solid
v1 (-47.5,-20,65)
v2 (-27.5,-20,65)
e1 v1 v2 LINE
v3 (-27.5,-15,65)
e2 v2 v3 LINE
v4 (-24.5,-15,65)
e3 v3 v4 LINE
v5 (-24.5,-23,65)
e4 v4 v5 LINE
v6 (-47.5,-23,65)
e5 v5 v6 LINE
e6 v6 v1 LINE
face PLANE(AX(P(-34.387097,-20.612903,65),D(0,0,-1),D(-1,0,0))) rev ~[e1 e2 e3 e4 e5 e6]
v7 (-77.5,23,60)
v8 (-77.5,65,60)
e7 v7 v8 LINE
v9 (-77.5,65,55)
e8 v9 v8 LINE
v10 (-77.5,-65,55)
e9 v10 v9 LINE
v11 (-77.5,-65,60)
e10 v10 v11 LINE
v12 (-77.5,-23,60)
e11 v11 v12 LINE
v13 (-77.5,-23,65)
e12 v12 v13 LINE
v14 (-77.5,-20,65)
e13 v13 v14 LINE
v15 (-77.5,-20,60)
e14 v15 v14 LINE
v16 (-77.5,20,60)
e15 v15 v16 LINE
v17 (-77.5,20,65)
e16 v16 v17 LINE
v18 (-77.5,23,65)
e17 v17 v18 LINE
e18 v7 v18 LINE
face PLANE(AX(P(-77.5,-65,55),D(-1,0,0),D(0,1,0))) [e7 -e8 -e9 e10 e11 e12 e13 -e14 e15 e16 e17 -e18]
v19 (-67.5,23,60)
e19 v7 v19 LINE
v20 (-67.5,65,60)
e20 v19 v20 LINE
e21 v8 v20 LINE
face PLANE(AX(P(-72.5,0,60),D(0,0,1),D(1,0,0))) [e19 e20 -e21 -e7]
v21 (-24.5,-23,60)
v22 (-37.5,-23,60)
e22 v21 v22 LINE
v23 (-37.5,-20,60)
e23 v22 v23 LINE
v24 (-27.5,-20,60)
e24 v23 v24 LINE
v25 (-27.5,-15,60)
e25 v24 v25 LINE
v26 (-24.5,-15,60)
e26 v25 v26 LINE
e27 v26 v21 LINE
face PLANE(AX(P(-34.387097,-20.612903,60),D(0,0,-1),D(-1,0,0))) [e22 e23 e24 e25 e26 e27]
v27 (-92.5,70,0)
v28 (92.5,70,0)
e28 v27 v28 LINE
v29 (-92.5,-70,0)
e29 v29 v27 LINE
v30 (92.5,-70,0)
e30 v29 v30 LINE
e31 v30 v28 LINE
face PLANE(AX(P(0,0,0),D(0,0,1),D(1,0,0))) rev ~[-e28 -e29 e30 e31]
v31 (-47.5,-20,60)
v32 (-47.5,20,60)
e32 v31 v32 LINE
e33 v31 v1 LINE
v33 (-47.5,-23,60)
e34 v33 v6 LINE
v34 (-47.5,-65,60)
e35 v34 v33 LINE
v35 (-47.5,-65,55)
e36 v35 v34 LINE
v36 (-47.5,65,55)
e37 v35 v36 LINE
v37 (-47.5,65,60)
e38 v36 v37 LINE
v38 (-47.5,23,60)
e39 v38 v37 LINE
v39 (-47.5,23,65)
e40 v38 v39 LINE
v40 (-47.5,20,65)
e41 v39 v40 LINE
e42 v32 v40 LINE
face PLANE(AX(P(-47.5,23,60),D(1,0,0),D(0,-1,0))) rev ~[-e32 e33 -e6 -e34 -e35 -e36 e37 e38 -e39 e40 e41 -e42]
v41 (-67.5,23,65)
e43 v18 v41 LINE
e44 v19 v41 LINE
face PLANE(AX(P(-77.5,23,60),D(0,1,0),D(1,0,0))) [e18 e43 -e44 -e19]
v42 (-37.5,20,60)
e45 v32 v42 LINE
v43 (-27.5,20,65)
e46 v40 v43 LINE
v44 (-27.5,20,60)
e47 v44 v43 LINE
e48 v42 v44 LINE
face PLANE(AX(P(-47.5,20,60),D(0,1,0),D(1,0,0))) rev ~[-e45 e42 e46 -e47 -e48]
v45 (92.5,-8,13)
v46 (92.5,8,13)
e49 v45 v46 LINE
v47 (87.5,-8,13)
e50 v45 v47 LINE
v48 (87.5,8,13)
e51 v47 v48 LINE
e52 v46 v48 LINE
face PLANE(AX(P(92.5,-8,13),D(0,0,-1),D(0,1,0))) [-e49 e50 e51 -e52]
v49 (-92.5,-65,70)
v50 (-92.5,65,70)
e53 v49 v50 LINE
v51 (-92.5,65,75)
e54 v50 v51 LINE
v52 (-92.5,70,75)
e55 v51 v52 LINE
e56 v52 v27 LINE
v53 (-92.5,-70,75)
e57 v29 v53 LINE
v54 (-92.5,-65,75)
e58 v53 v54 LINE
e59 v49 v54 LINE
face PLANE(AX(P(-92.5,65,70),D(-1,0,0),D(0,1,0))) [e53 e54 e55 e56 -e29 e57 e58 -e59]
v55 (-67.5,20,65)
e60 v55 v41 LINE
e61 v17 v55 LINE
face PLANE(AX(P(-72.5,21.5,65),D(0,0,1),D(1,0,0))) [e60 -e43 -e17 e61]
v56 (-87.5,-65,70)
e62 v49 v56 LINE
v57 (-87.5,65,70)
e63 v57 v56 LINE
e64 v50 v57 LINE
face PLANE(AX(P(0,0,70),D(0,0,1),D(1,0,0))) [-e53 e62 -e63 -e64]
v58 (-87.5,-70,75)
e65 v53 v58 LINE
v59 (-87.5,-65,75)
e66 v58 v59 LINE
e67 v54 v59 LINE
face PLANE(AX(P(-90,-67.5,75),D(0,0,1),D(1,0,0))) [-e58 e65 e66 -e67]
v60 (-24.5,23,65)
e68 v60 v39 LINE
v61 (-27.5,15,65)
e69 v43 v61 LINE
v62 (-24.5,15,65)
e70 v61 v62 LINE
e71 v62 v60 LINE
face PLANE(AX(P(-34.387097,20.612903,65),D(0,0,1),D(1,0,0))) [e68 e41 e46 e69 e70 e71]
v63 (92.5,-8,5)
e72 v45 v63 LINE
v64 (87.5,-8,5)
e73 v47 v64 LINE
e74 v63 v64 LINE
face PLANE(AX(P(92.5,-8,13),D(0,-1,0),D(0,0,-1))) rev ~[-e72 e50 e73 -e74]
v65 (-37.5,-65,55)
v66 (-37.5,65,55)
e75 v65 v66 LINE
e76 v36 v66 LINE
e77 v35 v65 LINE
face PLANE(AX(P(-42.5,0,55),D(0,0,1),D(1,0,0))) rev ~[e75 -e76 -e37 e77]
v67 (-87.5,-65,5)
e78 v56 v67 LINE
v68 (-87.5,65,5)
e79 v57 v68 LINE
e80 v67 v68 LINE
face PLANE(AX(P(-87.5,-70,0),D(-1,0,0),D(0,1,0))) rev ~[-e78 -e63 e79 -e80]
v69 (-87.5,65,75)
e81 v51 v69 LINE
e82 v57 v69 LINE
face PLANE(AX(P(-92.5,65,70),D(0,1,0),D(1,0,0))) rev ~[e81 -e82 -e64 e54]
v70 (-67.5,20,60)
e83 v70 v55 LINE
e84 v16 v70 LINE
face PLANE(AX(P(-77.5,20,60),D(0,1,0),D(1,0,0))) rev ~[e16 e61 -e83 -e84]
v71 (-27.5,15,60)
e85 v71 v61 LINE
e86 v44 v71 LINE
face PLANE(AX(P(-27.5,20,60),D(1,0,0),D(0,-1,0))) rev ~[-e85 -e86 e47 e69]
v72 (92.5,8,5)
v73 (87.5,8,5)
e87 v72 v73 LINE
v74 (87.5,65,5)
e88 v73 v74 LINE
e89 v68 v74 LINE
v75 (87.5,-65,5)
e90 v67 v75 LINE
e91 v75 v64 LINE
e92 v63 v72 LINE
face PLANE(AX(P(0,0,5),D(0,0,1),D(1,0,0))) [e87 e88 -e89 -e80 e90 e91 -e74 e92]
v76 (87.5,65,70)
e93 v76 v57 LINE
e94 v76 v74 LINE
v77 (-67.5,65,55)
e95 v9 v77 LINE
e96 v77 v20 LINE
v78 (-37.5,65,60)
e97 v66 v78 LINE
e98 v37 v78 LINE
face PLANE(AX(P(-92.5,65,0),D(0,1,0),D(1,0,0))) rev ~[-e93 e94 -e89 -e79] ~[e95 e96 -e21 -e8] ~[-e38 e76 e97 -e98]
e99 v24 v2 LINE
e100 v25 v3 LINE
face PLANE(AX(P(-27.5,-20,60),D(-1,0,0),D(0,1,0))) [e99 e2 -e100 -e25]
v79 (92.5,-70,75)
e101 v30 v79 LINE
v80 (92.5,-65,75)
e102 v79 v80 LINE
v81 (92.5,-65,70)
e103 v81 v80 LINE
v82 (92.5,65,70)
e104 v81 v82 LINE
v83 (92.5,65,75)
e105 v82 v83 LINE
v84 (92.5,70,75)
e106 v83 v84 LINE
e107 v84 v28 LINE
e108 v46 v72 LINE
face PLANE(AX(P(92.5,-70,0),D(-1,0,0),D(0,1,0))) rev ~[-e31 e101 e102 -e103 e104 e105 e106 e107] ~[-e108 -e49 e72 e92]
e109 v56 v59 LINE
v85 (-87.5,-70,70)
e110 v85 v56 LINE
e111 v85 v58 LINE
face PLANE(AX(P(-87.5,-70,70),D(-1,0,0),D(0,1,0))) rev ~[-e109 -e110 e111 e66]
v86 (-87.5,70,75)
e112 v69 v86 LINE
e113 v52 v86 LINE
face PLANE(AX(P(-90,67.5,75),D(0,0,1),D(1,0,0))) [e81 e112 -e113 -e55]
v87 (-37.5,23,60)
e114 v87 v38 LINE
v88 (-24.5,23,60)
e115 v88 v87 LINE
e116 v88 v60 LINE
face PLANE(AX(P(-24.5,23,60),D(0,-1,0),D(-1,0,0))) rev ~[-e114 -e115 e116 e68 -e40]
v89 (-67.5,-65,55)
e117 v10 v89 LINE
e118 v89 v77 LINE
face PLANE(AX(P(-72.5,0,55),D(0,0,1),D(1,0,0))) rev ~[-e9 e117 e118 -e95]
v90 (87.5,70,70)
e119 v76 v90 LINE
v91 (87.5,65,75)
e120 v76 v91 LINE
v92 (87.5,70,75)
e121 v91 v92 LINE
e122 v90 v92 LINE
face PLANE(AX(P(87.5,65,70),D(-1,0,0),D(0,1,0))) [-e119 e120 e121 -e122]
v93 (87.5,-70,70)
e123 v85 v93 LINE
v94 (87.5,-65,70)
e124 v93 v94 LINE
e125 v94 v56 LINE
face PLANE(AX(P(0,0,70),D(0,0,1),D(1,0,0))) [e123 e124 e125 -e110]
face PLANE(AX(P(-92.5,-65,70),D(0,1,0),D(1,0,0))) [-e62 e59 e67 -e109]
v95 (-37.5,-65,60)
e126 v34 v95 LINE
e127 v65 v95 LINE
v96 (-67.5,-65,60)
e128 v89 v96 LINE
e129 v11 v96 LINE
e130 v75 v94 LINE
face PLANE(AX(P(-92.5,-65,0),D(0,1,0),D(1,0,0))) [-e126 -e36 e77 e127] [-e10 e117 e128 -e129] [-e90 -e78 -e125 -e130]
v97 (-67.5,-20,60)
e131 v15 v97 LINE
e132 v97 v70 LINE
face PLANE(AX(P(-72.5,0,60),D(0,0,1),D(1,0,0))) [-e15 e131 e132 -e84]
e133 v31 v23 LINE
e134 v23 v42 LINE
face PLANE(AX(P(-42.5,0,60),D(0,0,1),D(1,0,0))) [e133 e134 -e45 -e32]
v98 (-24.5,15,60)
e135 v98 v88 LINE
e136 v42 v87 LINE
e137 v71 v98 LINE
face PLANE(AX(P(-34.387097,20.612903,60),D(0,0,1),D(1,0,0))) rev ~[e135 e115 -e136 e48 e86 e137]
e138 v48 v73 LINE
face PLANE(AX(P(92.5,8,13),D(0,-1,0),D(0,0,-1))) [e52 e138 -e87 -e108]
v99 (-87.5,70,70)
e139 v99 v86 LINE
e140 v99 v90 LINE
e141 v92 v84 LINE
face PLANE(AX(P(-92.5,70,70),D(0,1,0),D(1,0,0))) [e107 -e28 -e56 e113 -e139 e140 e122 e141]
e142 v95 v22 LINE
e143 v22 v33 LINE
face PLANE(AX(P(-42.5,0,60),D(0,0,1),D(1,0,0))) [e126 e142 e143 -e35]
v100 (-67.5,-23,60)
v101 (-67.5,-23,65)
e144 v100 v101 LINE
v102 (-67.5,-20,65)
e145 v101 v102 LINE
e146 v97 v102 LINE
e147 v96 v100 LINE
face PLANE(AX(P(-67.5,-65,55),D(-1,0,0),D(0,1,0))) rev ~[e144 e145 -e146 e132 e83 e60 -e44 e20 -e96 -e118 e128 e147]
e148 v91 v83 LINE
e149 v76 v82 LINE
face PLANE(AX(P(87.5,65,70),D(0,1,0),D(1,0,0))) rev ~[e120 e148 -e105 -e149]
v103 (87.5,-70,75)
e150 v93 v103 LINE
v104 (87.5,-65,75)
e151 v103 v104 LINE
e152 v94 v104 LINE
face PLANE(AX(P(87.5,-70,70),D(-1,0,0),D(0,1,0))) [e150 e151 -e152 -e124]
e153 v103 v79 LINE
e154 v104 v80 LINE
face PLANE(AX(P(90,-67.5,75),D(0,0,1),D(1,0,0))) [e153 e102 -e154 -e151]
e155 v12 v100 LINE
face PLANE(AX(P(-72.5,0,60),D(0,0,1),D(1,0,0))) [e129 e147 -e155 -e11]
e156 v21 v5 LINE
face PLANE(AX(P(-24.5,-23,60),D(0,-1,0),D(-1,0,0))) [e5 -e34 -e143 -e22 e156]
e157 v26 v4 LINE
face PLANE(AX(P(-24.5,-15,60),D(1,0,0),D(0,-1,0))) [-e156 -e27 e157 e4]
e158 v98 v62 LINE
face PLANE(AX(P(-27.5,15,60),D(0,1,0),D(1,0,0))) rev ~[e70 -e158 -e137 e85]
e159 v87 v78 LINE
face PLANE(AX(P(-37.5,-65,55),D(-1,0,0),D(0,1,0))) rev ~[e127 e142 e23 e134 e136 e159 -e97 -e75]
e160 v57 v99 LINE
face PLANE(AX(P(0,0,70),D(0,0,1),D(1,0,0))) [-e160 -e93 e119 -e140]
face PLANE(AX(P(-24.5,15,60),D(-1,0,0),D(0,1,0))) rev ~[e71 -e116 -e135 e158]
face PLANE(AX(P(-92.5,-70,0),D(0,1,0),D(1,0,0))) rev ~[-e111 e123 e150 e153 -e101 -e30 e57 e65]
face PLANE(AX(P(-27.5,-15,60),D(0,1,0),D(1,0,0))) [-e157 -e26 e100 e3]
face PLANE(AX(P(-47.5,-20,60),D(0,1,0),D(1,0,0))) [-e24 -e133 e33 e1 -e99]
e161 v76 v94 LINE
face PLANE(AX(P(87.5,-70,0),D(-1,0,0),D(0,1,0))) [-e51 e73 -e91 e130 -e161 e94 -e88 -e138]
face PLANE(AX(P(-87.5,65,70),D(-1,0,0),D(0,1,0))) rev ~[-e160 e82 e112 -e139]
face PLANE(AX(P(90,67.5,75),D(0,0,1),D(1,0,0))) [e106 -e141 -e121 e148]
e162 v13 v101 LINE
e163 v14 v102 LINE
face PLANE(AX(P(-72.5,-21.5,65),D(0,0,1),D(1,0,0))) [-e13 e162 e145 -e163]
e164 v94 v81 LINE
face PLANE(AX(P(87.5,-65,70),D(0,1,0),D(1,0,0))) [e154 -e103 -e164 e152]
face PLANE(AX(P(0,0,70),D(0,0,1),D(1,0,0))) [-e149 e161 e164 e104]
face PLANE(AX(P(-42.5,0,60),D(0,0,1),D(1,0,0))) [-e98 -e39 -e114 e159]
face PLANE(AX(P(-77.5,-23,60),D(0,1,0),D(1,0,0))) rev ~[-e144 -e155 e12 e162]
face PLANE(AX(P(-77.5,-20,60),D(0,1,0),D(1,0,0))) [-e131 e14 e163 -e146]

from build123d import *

# Parameters (mm, degrees)
SKETCH1_W           = 185
SKETCH1_H           = 140
BOSS_EXTRUDE1_DEPTH = 70
SHELL1_T            = -5
BOSS_EXTRUDE2_START = 50
SKETCH2_W           = 10
SKETCH2_H           = 130
BOSS_EXTRUDE2_DEPTH = 5
SKETCH3_W           = 10
SKETCH3_H           = 3
BOSS_EXTRUDE6_DEPTH = 5
SKETCH5_W           = 8
SKETCH5_H           = 16
CUT_EXTRUDE1_DEPTH  = 5
SKETCH6_W           = 5
SKETCH6_H           = 5
BOSS_EXTRUDE7_DEPTH = 5


with BuildPart() as part:
    # Sketch1 → Boss-Extrude1 (new body)
    with BuildSketch(Plane.XY):
        Rectangle(SKETCH1_W, SKETCH1_H)
    extrude(amount=BOSS_EXTRUDE1_DEPTH)

    # Shell1
    shell1_openings = [part.faces().sort_by_distance(p)[0] for p in [
        (0, 0, 70),
    ]]
    offset(amount=SHELL1_T, openings=shell1_openings, kind=Kind.INTERSECTION)

    # Sketch2 → Boss-Extrude2 (add)
    with BuildSketch(Plane.XY.offset(5).offset(BOSS_EXTRUDE2_START)):
        with Locations((-72.5, 0)):
            Rectangle(SKETCH2_W, SKETCH2_H)
        with Locations((-42.5, 0)):
            Rectangle(SKETCH2_W, SKETCH2_H)
    extrude(amount=BOSS_EXTRUDE2_DEPTH)

    # Sketch3 → Boss-Extrude6 (add)
    with BuildSketch(Plane.XY.offset(60)):
        Polygon((-47.5, 20), (-27.5, 20), (-27.5, 15), (-24.5, 15), (-24.5, 23), (-47.5, 23), align=None)
        Polygon((-47.5, -20), (-27.5, -20), (-27.5, -15), (-24.5, -15), (-24.5, -23), (-47.5, -23), align=None)
        with Locations((-72.5, 21.5)):
            Rectangle(SKETCH3_W, SKETCH3_H)
        with Locations((-72.5, -21.5)):
            Rectangle(SKETCH3_W, SKETCH3_H)
    extrude(amount=BOSS_EXTRUDE6_DEPTH)

    # Sketch5 → Cut-Extrude1 (cut)
    with BuildSketch(Plane(origin=(92.5, 0, 0), x_dir=(0, 0, -1), z_dir=(1, 0, 0))):
        with Locations((-9, 0)):
            Rectangle(SKETCH5_W, SKETCH5_H)
    extrude(amount=-CUT_EXTRUDE1_DEPTH, mode=Mode.SUBTRACT)

    # Sketch6 → Boss-Extrude7 (add)
    with BuildSketch(Plane.XY.offset(70)):
        with Locations((-90, 67.5)):
            Rectangle(SKETCH6_W, SKETCH6_H)
        with Locations((-90, -67.5)):
            Rectangle(SKETCH6_W, SKETCH6_H)
        with Locations((90, -67.5)):
            Rectangle(SKETCH6_W, SKETCH6_H)
        with Locations((90, 67.5)):
            Rectangle(SKETCH6_W, SKETCH6_H)
    extrude(amount=BOSS_EXTRUDE7_DEPTH)


solid = part.part
